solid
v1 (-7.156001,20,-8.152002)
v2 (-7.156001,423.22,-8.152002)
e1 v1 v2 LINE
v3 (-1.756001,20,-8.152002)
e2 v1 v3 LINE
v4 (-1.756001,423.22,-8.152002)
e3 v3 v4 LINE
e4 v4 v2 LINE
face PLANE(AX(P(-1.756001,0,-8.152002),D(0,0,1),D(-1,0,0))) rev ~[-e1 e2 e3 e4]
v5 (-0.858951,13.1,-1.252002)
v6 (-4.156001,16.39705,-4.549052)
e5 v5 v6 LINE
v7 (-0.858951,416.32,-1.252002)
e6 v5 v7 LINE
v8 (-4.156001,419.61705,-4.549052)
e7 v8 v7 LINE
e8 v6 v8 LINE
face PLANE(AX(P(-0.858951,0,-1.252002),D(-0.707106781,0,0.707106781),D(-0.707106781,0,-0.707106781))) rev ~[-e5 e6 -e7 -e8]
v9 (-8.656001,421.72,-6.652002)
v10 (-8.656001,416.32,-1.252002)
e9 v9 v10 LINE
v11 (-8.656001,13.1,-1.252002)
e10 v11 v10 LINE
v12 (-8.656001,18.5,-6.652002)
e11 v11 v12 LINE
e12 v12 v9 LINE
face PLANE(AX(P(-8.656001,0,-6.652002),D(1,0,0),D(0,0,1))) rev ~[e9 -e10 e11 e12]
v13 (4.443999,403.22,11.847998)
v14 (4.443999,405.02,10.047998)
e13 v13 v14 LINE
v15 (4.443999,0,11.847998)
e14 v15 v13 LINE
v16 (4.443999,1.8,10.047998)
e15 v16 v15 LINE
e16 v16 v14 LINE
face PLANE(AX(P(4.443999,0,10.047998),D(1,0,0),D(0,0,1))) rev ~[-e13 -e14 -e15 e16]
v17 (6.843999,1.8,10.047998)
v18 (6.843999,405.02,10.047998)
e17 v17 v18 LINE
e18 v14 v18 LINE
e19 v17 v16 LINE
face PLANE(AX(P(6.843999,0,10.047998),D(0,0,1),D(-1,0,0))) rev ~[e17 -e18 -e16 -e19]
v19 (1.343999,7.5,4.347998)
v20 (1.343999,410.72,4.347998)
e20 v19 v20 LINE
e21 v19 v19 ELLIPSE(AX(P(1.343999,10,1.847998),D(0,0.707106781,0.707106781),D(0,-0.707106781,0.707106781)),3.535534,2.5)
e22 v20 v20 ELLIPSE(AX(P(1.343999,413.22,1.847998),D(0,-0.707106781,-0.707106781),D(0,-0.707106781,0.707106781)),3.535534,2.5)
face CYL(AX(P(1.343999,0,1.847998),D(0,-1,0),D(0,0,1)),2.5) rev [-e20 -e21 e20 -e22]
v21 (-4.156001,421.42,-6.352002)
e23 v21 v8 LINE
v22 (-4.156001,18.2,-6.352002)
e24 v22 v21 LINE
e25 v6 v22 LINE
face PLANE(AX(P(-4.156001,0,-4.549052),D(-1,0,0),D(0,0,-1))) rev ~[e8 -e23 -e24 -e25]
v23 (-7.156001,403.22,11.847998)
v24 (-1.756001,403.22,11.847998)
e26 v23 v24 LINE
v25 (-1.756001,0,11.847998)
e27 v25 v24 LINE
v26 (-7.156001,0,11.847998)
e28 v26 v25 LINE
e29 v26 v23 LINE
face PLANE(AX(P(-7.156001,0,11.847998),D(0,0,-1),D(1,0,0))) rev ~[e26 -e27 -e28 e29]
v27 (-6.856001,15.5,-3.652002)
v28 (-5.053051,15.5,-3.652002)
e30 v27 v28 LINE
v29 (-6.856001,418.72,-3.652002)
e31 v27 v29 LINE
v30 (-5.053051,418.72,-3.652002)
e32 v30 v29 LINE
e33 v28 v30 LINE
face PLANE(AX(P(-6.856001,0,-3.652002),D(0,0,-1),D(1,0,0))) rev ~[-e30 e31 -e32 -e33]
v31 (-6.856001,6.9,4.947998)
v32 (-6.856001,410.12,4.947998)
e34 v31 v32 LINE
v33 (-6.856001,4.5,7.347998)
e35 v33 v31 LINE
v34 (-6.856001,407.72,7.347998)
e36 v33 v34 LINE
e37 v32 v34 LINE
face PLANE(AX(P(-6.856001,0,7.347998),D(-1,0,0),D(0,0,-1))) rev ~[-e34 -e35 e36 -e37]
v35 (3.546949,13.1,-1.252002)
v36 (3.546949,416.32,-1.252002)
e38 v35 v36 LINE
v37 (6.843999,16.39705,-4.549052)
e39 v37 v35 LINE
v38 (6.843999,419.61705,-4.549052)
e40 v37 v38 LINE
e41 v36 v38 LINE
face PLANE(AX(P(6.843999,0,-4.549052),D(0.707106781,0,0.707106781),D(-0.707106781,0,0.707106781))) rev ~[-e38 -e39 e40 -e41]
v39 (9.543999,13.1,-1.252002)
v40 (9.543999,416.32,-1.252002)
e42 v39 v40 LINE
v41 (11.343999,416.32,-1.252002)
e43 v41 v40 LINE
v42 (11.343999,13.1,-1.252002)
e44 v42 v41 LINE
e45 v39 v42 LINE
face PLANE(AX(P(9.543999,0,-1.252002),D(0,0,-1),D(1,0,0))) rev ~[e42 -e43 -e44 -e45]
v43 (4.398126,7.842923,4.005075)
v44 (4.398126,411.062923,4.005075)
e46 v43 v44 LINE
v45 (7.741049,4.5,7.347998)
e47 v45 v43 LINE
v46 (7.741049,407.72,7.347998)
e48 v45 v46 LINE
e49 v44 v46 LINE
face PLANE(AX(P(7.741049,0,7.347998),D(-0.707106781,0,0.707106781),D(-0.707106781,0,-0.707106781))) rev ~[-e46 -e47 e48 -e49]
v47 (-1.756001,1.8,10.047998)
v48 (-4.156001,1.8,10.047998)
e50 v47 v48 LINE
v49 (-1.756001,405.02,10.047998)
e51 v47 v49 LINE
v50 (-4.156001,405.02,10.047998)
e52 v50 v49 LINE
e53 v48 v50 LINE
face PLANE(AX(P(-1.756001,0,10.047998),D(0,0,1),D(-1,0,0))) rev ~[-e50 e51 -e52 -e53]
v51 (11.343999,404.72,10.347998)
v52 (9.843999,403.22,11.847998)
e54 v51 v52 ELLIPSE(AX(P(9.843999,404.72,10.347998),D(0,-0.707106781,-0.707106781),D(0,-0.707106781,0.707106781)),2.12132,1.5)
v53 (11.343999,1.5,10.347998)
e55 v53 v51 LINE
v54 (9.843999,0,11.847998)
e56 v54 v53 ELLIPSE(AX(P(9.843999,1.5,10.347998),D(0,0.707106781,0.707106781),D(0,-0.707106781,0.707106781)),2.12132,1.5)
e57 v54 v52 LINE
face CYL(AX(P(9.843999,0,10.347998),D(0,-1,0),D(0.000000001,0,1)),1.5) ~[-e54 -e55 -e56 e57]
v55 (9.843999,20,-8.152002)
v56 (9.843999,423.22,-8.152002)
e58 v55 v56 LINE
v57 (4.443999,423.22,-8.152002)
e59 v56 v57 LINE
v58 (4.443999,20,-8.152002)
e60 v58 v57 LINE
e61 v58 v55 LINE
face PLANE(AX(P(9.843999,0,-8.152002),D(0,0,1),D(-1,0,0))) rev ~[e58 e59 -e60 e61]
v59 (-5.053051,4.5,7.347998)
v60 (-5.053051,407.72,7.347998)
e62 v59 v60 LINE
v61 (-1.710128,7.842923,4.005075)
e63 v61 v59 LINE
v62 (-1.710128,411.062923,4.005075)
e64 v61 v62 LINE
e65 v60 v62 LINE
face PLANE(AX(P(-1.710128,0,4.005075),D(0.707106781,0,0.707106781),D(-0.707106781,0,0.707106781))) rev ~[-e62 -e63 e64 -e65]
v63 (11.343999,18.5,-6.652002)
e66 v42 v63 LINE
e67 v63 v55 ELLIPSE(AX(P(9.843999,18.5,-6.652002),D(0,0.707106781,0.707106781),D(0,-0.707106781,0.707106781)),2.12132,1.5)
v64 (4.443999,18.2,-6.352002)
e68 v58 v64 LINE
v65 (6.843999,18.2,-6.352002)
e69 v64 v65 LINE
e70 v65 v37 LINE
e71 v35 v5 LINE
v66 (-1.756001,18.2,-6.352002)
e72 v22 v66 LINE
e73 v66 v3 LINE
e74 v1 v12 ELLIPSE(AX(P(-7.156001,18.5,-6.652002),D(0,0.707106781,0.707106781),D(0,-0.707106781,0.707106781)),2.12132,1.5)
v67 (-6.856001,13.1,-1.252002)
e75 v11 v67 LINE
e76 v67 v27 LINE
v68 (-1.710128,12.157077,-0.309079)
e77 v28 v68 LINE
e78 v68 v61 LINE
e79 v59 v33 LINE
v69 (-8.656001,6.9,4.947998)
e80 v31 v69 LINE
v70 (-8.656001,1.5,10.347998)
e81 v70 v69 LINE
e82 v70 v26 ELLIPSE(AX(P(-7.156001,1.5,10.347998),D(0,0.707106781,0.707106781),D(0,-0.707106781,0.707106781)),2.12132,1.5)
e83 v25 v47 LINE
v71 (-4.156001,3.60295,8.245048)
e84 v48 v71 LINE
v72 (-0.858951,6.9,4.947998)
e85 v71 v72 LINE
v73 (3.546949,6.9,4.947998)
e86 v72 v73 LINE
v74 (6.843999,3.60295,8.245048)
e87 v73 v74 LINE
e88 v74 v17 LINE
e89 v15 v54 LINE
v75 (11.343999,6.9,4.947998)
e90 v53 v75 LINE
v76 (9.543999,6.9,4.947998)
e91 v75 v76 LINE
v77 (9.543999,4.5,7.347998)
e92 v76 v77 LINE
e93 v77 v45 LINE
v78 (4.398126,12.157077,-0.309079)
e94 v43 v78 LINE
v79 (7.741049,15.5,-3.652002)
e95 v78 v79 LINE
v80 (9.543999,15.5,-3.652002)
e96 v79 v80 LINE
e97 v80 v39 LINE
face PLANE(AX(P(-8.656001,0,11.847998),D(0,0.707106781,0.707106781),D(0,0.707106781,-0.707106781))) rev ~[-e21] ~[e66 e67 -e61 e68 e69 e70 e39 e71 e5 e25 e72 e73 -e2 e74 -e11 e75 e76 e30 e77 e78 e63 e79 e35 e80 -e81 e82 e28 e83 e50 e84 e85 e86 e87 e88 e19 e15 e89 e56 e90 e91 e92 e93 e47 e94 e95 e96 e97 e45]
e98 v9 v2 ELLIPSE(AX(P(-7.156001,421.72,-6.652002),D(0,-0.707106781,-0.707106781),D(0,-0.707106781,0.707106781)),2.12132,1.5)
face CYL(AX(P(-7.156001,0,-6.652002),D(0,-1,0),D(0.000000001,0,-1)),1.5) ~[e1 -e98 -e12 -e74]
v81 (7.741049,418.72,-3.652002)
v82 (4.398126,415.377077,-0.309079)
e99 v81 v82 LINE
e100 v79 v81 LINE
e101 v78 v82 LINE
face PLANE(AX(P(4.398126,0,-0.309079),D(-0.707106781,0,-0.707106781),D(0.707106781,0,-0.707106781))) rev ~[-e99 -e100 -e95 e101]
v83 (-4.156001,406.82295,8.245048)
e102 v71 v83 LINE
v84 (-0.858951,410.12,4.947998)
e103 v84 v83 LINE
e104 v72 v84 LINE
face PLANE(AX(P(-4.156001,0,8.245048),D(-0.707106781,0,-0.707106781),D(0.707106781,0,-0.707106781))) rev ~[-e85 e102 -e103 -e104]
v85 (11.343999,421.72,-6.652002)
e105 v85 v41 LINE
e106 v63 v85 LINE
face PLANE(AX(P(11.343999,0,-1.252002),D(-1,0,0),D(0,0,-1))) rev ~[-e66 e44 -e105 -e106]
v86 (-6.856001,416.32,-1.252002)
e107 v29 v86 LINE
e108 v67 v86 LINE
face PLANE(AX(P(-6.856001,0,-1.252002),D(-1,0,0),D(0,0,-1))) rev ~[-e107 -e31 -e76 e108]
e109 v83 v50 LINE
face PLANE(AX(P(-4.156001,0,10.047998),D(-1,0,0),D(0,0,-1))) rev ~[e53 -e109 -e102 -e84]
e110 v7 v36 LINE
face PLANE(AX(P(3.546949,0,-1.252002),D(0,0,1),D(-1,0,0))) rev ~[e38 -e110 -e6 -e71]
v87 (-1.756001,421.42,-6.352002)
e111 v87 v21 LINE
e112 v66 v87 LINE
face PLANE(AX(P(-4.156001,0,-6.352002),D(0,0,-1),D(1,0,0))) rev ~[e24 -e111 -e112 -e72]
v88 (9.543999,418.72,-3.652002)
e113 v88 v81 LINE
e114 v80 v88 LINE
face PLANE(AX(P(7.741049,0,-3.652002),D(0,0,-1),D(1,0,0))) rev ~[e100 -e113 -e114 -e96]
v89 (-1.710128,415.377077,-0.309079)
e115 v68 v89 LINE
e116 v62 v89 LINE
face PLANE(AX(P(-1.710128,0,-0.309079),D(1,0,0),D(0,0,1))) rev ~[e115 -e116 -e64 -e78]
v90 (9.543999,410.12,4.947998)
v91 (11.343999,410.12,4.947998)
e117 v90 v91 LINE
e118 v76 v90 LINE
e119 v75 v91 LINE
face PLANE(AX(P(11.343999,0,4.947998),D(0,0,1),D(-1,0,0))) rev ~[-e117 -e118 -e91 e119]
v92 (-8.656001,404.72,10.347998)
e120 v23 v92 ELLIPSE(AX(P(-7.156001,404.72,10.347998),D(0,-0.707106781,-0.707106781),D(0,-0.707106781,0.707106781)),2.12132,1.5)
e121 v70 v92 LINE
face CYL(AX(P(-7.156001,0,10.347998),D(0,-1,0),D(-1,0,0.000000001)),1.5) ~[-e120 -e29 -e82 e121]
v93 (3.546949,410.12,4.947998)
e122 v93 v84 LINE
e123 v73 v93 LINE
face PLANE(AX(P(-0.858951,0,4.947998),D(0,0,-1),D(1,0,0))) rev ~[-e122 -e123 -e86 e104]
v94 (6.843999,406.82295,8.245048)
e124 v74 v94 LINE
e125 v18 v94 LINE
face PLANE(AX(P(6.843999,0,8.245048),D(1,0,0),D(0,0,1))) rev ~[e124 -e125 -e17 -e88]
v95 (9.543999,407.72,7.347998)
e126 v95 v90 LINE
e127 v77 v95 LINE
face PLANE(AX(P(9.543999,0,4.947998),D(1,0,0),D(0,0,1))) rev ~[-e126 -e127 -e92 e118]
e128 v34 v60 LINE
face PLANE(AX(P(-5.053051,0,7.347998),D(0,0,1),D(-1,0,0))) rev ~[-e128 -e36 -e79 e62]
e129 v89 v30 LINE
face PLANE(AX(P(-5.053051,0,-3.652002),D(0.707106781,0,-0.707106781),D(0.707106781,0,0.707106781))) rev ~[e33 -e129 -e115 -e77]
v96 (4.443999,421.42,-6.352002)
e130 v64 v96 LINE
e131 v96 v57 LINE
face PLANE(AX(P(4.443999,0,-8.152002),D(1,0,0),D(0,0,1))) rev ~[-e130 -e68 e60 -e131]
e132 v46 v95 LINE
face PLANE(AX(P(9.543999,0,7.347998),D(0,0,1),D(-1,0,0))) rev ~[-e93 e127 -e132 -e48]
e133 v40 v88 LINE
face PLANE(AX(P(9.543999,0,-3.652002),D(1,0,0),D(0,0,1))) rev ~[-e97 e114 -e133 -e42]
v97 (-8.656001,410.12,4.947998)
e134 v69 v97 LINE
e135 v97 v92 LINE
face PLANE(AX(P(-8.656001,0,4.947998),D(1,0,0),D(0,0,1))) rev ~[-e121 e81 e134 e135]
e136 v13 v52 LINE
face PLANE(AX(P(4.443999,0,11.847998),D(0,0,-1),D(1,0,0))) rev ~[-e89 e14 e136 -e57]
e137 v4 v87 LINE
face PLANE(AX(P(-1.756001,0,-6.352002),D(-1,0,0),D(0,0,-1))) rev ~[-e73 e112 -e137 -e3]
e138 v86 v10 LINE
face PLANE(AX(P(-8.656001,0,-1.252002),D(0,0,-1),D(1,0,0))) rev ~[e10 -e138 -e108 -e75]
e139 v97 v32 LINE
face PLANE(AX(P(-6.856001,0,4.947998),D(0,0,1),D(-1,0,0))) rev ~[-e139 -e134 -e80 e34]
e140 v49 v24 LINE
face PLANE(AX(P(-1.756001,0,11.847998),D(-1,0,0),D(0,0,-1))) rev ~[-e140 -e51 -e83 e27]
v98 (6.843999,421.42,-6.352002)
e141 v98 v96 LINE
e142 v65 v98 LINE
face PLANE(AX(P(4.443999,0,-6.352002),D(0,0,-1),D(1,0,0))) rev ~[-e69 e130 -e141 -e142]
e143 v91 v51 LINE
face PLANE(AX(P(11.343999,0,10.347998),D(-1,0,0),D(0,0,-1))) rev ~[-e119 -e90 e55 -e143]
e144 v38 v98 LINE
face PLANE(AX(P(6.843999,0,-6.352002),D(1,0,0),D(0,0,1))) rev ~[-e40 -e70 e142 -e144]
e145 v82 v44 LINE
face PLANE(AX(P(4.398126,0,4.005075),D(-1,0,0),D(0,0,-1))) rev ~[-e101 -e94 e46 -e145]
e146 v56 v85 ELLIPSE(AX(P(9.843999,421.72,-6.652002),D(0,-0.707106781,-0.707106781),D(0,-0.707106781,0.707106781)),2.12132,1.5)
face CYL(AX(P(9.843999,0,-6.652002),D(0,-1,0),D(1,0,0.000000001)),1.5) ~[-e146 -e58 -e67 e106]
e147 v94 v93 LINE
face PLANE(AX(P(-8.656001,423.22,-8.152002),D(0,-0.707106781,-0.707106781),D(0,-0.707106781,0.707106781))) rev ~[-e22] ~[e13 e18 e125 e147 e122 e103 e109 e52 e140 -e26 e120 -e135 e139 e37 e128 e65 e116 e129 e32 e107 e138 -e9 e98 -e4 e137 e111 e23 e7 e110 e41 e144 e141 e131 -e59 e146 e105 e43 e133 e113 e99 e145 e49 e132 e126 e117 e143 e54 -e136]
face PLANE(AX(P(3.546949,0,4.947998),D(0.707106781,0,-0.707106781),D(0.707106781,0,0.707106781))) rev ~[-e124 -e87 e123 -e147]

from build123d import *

# Parameters (mm, degrees)
SKETCH_1_R          = 2.5
EXTRUDE_1_DEPTH     = 423.22
CUT_EXTRUDE_2_DEPTH = 424.857928392


with BuildPart() as part:
    # 草图1 → 凸台-拉伸1 (new body)
    with BuildSketch(Plane(origin=(0, 0, 0), x_dir=(1, 0, 0), z_dir=(0, 1, 0))):
        with BuildLine():
            Line((-6.856001319, -4.947998187), (-8.656001319, -4.947998187))
            Line((-8.656001319, -4.947998187), (-8.656001319, -10.347998187))
            ThreePointArc((-8.656001319, -10.347998187), (-8.216661491, -11.408658358), (-7.156001319, -11.847998187))
            Line((-7.156001319, -11.847998187), (-1.756001319, -11.847998187))
            Line((-1.756001319, -11.847998187), (-1.756001319, -10.047998187))
            Line((-1.756001319, -10.047998187), (-4.156001319, -10.047998187))
            Line((-4.156001319, -10.047998187), (-4.156001319, -8.245048342))
            Line((-4.156001319, -8.245048342), (-0.858951164, -4.947998187))
            Line((-0.858951164, -4.947998187), (3.546948526, -4.947998187))
            Line((3.546948526, -4.947998187), (6.843998681, -8.245048342))
            Line((6.843998681, -8.245048342), (6.843998681, -10.047998187))
            Line((6.843998681, -10.047998187), (4.443998681, -10.047998187))
            Line((4.443998681, -10.047998187), (4.443998681, -11.847998187))
            Line((4.443998681, -11.847998187), (9.843998681, -11.847998187))
            ThreePointArc((9.843998681, -11.847998187), (10.904658853, -11.408658358), (11.343998681, -10.347998187))
            Line((11.343998681, -10.347998187), (11.343998681, -4.947998187))
            Line((11.343998681, -4.947998187), (9.543998681, -4.947998187))
            Line((9.543998681, -4.947998187), (9.543998681, -7.347998187))
            Line((9.543998681, -7.347998187), (7.741048836, -7.347998187))
            Line((7.741048836, -7.347998187), (4.398125701, -4.005075052))
            Line((4.398125701, -4.005075052), (4.398125701, 0.309078679))
            Line((4.398125701, 0.309078679), (7.741048836, 3.652001813))
            Line((7.741048836, 3.652001813), (9.543998681, 3.652001813))
            Line((9.543998681, 3.652001813), (9.543998681, 1.252001813))
            Line((9.543998681, 1.252001813), (11.343998681, 1.252001813))
            Line((11.343998681, 1.252001813), (11.343998681, 6.652001813))
            ThreePointArc((11.343998681, 6.652001813), (10.904658853, 7.712661985), (9.843998681, 8.152001813))
            Line((9.843998681, 8.152001813), (4.443998681, 8.152001813))
            Line((4.443998681, 8.152001813), (4.443998681, 6.352001813))
            Line((4.443998681, 6.352001813), (6.843998681, 6.352001813))
            Line((6.843998681, 6.352001813), (6.843998681, 4.549051969))
            Line((6.843998681, 4.549051969), (3.546948526, 1.252001813))
            Line((3.546948526, 1.252001813), (-0.858951164, 1.252001813))
            Line((-0.858951164, 1.252001813), (-4.156001319, 4.549051969))
            Line((-4.156001319, 4.549051969), (-4.156001319, 6.352001813))
            Line((-4.156001319, 6.352001813), (-1.756001319, 6.352001813))
            Line((-1.756001319, 6.352001813), (-1.756001319, 8.152001813))
            Line((-1.756001319, 8.152001813), (-7.156001319, 8.152001813))
            ThreePointArc((-7.156001319, 8.152001813), (-8.216661491, 7.712661985), (-8.656001319, 6.652001813))
            Line((-8.656001319, 6.652001813), (-8.656001319, 1.252001813))
            Line((-8.656001319, 1.252001813), (-6.856001319, 1.252001813))
            Line((-6.856001319, 1.252001813), (-6.856001319, 3.652001813))
            Line((-6.856001319, 3.652001813), (-5.053051474, 3.652001813))
            Line((-5.053051474, 3.652001813), (-1.710128339, 0.309078679))
            Line((-1.710128339, 0.309078679), (-1.710128339, -4.005075052))
            Line((-1.710128339, -4.005075052), (-5.053051474, -7.347998187))
            Line((-5.053051474, -7.347998187), (-6.856001319, -7.347998187))
            Line((-6.856001319, -7.347998187), (-6.856001319, -4.947998187))
        make_face()
        with Locations(Location((1.343998681, -1.847998187, 0), (0, 0, 270))):
            Circle(SKETCH_1_R, mode=Mode.SUBTRACT)
    extrude(amount=EXTRUDE_1_DEPTH)

    # 草图3 → 切除-拉伸2 (cut, through all)
    with BuildSketch(Plane.ZY.offset(8.656001319)):
        Polygon((-8.152001813, 423.22), (11.847998187, 403.22), (11.847998187, 423.22), align=None)
        Polygon((11.847998187, 0), (-8.152001813, 20), (-8.152001813, 0), align=None)
    extrude(amount=-CUT_EXTRUDE_2_DEPTH, mode=Mode.SUBTRACT)


solid = part.part
